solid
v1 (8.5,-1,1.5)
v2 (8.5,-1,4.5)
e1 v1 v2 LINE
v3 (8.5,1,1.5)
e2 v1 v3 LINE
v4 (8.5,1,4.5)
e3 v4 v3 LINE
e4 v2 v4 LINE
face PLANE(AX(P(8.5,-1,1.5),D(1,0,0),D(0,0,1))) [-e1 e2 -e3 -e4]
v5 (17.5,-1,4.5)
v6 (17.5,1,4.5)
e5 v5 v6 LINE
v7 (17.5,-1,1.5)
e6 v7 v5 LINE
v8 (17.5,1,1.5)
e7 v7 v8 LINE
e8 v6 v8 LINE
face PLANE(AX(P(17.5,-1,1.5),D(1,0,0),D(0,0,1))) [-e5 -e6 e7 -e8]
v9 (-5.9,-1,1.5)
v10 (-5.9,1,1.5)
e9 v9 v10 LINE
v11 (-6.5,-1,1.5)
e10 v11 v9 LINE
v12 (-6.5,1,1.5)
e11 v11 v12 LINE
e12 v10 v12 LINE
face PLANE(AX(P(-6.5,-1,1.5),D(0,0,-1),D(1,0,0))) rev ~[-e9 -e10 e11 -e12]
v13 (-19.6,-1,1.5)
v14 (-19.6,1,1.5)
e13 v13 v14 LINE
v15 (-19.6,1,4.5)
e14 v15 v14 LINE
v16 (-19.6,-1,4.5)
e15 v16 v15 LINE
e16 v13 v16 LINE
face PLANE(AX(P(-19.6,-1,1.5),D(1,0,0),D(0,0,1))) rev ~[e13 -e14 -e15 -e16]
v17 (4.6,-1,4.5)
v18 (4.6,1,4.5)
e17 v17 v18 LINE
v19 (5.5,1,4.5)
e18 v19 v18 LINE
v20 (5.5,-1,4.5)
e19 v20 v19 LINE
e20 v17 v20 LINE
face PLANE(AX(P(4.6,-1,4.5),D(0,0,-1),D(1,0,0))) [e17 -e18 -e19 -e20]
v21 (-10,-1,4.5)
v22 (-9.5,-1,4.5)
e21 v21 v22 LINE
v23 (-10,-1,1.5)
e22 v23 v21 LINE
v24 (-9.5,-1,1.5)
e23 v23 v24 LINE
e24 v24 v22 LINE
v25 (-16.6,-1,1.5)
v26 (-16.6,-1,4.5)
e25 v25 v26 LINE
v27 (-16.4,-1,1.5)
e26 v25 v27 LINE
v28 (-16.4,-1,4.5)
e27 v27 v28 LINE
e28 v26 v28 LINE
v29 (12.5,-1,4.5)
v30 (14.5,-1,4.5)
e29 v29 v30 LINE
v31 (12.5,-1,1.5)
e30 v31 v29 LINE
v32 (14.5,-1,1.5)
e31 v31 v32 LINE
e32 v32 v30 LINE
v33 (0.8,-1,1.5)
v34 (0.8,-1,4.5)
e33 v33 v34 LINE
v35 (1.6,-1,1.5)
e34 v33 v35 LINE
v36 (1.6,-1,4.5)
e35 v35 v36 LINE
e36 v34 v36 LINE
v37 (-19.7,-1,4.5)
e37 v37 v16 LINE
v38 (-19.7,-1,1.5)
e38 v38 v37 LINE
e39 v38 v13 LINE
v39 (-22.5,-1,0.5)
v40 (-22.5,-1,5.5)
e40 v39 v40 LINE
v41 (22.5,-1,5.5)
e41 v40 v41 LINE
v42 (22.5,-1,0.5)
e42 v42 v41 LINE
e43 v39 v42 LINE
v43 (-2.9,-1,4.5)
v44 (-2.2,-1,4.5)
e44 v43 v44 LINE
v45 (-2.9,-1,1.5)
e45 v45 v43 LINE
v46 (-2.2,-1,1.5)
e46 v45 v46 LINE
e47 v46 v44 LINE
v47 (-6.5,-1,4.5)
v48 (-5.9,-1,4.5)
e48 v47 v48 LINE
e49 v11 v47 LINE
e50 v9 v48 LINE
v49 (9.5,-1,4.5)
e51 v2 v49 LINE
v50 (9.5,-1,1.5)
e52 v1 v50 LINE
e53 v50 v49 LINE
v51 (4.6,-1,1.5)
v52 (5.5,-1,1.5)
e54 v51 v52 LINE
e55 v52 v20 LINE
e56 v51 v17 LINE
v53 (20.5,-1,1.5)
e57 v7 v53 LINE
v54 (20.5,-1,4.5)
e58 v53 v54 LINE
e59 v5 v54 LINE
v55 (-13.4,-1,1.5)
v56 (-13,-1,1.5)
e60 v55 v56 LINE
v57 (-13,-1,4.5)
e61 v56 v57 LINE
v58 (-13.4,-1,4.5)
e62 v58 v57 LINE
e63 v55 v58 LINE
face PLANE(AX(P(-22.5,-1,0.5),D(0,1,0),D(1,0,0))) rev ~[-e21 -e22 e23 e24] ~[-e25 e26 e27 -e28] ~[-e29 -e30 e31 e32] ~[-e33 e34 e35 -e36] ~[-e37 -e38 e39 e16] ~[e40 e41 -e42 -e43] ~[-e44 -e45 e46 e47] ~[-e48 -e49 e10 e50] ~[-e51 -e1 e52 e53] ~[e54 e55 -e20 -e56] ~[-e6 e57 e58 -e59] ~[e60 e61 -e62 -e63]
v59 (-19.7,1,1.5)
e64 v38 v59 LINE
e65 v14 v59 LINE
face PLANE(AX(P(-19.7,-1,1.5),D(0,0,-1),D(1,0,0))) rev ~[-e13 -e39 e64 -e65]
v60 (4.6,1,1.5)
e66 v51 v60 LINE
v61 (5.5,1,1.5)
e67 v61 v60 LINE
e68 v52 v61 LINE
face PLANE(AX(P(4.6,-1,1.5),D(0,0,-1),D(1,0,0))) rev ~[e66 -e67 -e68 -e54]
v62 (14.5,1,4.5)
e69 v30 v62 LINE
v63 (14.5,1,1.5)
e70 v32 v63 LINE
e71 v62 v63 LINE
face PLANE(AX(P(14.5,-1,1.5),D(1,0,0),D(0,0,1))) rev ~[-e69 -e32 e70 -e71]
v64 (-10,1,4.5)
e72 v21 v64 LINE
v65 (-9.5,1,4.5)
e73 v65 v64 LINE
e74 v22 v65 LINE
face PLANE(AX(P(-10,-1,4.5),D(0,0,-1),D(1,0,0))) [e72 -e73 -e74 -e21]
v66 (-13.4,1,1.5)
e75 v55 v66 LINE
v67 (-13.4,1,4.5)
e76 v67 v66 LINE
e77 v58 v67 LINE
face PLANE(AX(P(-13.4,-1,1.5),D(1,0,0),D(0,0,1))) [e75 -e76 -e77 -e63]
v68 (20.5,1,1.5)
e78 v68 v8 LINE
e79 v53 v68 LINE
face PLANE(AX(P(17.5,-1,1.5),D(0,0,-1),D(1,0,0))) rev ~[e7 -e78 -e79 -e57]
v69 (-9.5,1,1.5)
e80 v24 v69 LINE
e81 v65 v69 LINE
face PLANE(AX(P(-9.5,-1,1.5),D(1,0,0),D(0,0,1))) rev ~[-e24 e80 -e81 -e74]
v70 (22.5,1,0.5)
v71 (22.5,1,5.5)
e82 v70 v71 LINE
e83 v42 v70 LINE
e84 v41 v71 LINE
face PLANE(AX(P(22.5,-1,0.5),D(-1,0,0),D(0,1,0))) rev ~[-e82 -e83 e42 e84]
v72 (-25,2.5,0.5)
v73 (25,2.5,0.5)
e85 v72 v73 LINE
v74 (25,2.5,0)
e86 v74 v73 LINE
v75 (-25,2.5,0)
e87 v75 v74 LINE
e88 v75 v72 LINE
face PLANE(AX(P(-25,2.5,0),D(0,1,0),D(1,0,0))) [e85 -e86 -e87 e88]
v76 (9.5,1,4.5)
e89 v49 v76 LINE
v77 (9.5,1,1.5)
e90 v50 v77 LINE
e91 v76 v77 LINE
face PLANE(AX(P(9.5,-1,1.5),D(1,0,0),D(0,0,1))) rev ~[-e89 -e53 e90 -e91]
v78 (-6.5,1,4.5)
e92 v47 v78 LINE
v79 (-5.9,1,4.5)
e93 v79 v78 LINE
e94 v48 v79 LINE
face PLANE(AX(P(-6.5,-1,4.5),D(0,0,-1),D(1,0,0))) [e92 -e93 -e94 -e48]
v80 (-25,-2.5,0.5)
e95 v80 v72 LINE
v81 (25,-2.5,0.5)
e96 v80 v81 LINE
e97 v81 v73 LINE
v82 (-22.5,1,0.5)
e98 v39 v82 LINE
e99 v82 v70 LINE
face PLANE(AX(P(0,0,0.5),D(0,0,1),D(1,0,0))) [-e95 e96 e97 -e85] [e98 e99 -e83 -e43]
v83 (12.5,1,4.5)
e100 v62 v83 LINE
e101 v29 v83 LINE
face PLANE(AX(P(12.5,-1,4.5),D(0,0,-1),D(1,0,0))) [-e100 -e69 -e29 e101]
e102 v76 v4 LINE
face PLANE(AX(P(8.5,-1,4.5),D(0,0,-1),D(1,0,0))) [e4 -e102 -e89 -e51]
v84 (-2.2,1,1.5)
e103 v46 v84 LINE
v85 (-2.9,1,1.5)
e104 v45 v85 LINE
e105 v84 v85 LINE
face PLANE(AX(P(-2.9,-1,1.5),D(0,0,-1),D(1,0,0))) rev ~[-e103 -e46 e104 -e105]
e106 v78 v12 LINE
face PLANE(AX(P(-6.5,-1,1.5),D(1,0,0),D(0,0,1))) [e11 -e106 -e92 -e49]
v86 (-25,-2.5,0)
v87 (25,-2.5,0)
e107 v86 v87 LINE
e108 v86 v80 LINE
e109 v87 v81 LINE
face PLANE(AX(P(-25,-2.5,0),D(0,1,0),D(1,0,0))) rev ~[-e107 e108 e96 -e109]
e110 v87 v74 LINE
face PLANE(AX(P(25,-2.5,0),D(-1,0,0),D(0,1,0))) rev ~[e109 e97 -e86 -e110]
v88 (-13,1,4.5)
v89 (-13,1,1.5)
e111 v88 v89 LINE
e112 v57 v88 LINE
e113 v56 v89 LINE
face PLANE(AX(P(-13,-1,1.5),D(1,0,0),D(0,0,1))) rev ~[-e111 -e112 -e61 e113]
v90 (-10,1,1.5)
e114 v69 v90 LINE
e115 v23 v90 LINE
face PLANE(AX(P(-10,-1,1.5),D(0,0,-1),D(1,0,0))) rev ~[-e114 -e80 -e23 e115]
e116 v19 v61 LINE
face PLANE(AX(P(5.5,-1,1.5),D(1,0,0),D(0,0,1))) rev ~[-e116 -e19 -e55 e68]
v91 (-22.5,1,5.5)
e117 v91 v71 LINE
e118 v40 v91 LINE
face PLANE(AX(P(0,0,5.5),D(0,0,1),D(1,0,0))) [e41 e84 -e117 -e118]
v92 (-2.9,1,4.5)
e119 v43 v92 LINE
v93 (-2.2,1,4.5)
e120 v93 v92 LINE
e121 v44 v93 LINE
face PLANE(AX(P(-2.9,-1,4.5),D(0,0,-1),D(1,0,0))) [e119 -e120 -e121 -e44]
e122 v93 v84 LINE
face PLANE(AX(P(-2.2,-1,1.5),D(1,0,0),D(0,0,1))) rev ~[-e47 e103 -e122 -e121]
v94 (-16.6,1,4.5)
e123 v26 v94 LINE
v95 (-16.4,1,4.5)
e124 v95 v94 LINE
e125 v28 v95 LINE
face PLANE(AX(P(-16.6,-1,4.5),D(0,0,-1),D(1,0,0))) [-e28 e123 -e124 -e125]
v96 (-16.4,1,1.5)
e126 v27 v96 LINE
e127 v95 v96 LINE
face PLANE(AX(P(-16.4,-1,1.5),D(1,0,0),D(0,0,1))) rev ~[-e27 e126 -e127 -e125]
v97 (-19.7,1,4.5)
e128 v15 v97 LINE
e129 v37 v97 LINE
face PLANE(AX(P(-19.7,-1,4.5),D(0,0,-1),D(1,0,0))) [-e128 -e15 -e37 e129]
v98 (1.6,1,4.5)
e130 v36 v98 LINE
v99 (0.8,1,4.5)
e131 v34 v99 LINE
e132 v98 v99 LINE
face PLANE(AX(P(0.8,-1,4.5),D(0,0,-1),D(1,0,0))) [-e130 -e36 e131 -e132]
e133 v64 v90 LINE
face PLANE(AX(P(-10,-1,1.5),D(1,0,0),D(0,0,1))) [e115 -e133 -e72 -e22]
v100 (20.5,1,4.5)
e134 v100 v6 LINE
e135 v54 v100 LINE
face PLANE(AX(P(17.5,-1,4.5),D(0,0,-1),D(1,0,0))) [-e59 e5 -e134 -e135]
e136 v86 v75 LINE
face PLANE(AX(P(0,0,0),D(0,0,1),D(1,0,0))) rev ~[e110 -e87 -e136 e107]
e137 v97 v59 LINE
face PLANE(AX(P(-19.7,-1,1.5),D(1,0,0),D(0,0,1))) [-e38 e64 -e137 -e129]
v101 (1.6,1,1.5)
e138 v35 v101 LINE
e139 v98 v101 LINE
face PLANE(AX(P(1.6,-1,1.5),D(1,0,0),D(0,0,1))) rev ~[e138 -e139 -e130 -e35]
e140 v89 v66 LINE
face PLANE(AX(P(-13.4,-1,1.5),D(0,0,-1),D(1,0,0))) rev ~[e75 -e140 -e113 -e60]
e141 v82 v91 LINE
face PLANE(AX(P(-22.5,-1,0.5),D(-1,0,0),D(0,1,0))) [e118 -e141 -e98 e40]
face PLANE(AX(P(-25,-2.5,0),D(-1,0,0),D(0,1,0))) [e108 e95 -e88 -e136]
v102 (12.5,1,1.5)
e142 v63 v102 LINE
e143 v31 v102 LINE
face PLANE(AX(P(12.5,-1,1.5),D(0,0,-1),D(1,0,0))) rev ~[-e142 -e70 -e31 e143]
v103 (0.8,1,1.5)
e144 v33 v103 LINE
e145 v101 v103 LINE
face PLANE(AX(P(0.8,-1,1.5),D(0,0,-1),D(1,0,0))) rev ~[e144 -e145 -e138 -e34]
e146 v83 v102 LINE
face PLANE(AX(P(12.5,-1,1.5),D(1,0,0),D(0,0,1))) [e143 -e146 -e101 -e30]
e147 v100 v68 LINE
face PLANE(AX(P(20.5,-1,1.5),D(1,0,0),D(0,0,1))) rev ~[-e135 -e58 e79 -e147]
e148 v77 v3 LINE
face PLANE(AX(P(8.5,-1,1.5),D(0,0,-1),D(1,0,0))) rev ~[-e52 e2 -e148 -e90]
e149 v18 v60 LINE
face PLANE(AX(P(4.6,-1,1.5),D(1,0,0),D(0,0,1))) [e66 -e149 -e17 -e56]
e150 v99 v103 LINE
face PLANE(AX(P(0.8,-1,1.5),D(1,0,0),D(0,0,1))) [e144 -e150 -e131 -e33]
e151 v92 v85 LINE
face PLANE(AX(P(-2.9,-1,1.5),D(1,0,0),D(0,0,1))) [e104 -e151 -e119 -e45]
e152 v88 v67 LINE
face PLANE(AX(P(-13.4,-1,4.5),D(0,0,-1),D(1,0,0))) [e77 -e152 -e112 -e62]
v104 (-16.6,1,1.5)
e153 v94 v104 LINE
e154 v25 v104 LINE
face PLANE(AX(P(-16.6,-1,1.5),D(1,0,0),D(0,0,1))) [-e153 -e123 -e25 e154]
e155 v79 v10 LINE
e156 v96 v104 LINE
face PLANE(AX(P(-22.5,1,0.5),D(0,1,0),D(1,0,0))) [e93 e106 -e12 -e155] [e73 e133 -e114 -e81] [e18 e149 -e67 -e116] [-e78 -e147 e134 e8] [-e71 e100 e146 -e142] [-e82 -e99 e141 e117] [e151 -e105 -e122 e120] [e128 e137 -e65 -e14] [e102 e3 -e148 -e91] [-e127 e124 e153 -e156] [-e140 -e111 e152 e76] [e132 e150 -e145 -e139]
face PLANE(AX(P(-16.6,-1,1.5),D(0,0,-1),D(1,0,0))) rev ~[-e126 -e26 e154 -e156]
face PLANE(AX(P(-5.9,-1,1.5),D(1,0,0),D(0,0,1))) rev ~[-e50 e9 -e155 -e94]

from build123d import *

# Parameters (mm, degrees)
SKETCH_W       = 50
SKETCH_H       = 5
PAD_DEPTH      = 0.5
SKETCH001_W    = 45
SKETCH001_H    = 2
PAD001_DEPTH   = 5
SKETCH002_W    = 3
SKETCH002_H    = 3
SKETCH002_W_2  = 2
SKETCH002_W_3  = 1
SKETCH002_W_4  = 0.9
SKETCH002_W_5  = 0.8
SKETCH002_W_6  = 0.7
SKETCH002_W_7  = 0.6
SKETCH002_W_8  = 0.5
SKETCH002_W_9  = 0.4
SKETCH002_W_10 = 0.2
SKETCH002_W_11 = 0.1
POCKET_DEPTH   = 3.501


with BuildPart() as part:
    # Sketch → Pad (new body)
    with BuildSketch(Plane.XY):
        Rectangle(SKETCH_W, SKETCH_H)
    extrude(amount=PAD_DEPTH)

    # Sketch001 (on Face6 of Pad) → Pad001 (join)
    with BuildSketch(Plane.XY.offset(0.5)):
        Rectangle(SKETCH001_W, SKETCH001_H)
    extrude(amount=PAD001_DEPTH)

    # Sketch002 (on Face7 of Pad001) → Pocket (cut, through all)
    with BuildSketch(Plane.XZ.offset(1)):
        with Locations((19, 3)):
            Rectangle(SKETCH002_W, SKETCH002_H)
        with Locations((13.5, 3)):
            Rectangle(SKETCH002_W_2, SKETCH002_H)
        with Locations((9, 3)):
            Rectangle(SKETCH002_W_3, SKETCH002_H)
        with Locations((5.05, 3)):
            Rectangle(SKETCH002_W_4, SKETCH002_H)
        with Locations((1.2, 3)):
            Rectangle(SKETCH002_W_5, SKETCH002_H)
        with Locations((-2.55, 3)):
            Rectangle(SKETCH002_W_6, SKETCH002_H)
        with Locations((-6.2, 3)):
            Rectangle(SKETCH002_W_7, SKETCH002_H)
        with Locations((-9.75, 3)):
            Rectangle(SKETCH002_W_8, SKETCH002_H)
        with Locations((-13.2, 3)):
            Rectangle(SKETCH002_W_9, SKETCH002_H)
        with Locations((-16.5, 3)):
            Rectangle(SKETCH002_W_10, SKETCH002_H)
        with Locations((-19.65, 3)):
            Rectangle(SKETCH002_W_11, SKETCH002_H)
    extrude(amount=-POCKET_DEPTH, mode=Mode.SUBTRACT)


solid = part.part
